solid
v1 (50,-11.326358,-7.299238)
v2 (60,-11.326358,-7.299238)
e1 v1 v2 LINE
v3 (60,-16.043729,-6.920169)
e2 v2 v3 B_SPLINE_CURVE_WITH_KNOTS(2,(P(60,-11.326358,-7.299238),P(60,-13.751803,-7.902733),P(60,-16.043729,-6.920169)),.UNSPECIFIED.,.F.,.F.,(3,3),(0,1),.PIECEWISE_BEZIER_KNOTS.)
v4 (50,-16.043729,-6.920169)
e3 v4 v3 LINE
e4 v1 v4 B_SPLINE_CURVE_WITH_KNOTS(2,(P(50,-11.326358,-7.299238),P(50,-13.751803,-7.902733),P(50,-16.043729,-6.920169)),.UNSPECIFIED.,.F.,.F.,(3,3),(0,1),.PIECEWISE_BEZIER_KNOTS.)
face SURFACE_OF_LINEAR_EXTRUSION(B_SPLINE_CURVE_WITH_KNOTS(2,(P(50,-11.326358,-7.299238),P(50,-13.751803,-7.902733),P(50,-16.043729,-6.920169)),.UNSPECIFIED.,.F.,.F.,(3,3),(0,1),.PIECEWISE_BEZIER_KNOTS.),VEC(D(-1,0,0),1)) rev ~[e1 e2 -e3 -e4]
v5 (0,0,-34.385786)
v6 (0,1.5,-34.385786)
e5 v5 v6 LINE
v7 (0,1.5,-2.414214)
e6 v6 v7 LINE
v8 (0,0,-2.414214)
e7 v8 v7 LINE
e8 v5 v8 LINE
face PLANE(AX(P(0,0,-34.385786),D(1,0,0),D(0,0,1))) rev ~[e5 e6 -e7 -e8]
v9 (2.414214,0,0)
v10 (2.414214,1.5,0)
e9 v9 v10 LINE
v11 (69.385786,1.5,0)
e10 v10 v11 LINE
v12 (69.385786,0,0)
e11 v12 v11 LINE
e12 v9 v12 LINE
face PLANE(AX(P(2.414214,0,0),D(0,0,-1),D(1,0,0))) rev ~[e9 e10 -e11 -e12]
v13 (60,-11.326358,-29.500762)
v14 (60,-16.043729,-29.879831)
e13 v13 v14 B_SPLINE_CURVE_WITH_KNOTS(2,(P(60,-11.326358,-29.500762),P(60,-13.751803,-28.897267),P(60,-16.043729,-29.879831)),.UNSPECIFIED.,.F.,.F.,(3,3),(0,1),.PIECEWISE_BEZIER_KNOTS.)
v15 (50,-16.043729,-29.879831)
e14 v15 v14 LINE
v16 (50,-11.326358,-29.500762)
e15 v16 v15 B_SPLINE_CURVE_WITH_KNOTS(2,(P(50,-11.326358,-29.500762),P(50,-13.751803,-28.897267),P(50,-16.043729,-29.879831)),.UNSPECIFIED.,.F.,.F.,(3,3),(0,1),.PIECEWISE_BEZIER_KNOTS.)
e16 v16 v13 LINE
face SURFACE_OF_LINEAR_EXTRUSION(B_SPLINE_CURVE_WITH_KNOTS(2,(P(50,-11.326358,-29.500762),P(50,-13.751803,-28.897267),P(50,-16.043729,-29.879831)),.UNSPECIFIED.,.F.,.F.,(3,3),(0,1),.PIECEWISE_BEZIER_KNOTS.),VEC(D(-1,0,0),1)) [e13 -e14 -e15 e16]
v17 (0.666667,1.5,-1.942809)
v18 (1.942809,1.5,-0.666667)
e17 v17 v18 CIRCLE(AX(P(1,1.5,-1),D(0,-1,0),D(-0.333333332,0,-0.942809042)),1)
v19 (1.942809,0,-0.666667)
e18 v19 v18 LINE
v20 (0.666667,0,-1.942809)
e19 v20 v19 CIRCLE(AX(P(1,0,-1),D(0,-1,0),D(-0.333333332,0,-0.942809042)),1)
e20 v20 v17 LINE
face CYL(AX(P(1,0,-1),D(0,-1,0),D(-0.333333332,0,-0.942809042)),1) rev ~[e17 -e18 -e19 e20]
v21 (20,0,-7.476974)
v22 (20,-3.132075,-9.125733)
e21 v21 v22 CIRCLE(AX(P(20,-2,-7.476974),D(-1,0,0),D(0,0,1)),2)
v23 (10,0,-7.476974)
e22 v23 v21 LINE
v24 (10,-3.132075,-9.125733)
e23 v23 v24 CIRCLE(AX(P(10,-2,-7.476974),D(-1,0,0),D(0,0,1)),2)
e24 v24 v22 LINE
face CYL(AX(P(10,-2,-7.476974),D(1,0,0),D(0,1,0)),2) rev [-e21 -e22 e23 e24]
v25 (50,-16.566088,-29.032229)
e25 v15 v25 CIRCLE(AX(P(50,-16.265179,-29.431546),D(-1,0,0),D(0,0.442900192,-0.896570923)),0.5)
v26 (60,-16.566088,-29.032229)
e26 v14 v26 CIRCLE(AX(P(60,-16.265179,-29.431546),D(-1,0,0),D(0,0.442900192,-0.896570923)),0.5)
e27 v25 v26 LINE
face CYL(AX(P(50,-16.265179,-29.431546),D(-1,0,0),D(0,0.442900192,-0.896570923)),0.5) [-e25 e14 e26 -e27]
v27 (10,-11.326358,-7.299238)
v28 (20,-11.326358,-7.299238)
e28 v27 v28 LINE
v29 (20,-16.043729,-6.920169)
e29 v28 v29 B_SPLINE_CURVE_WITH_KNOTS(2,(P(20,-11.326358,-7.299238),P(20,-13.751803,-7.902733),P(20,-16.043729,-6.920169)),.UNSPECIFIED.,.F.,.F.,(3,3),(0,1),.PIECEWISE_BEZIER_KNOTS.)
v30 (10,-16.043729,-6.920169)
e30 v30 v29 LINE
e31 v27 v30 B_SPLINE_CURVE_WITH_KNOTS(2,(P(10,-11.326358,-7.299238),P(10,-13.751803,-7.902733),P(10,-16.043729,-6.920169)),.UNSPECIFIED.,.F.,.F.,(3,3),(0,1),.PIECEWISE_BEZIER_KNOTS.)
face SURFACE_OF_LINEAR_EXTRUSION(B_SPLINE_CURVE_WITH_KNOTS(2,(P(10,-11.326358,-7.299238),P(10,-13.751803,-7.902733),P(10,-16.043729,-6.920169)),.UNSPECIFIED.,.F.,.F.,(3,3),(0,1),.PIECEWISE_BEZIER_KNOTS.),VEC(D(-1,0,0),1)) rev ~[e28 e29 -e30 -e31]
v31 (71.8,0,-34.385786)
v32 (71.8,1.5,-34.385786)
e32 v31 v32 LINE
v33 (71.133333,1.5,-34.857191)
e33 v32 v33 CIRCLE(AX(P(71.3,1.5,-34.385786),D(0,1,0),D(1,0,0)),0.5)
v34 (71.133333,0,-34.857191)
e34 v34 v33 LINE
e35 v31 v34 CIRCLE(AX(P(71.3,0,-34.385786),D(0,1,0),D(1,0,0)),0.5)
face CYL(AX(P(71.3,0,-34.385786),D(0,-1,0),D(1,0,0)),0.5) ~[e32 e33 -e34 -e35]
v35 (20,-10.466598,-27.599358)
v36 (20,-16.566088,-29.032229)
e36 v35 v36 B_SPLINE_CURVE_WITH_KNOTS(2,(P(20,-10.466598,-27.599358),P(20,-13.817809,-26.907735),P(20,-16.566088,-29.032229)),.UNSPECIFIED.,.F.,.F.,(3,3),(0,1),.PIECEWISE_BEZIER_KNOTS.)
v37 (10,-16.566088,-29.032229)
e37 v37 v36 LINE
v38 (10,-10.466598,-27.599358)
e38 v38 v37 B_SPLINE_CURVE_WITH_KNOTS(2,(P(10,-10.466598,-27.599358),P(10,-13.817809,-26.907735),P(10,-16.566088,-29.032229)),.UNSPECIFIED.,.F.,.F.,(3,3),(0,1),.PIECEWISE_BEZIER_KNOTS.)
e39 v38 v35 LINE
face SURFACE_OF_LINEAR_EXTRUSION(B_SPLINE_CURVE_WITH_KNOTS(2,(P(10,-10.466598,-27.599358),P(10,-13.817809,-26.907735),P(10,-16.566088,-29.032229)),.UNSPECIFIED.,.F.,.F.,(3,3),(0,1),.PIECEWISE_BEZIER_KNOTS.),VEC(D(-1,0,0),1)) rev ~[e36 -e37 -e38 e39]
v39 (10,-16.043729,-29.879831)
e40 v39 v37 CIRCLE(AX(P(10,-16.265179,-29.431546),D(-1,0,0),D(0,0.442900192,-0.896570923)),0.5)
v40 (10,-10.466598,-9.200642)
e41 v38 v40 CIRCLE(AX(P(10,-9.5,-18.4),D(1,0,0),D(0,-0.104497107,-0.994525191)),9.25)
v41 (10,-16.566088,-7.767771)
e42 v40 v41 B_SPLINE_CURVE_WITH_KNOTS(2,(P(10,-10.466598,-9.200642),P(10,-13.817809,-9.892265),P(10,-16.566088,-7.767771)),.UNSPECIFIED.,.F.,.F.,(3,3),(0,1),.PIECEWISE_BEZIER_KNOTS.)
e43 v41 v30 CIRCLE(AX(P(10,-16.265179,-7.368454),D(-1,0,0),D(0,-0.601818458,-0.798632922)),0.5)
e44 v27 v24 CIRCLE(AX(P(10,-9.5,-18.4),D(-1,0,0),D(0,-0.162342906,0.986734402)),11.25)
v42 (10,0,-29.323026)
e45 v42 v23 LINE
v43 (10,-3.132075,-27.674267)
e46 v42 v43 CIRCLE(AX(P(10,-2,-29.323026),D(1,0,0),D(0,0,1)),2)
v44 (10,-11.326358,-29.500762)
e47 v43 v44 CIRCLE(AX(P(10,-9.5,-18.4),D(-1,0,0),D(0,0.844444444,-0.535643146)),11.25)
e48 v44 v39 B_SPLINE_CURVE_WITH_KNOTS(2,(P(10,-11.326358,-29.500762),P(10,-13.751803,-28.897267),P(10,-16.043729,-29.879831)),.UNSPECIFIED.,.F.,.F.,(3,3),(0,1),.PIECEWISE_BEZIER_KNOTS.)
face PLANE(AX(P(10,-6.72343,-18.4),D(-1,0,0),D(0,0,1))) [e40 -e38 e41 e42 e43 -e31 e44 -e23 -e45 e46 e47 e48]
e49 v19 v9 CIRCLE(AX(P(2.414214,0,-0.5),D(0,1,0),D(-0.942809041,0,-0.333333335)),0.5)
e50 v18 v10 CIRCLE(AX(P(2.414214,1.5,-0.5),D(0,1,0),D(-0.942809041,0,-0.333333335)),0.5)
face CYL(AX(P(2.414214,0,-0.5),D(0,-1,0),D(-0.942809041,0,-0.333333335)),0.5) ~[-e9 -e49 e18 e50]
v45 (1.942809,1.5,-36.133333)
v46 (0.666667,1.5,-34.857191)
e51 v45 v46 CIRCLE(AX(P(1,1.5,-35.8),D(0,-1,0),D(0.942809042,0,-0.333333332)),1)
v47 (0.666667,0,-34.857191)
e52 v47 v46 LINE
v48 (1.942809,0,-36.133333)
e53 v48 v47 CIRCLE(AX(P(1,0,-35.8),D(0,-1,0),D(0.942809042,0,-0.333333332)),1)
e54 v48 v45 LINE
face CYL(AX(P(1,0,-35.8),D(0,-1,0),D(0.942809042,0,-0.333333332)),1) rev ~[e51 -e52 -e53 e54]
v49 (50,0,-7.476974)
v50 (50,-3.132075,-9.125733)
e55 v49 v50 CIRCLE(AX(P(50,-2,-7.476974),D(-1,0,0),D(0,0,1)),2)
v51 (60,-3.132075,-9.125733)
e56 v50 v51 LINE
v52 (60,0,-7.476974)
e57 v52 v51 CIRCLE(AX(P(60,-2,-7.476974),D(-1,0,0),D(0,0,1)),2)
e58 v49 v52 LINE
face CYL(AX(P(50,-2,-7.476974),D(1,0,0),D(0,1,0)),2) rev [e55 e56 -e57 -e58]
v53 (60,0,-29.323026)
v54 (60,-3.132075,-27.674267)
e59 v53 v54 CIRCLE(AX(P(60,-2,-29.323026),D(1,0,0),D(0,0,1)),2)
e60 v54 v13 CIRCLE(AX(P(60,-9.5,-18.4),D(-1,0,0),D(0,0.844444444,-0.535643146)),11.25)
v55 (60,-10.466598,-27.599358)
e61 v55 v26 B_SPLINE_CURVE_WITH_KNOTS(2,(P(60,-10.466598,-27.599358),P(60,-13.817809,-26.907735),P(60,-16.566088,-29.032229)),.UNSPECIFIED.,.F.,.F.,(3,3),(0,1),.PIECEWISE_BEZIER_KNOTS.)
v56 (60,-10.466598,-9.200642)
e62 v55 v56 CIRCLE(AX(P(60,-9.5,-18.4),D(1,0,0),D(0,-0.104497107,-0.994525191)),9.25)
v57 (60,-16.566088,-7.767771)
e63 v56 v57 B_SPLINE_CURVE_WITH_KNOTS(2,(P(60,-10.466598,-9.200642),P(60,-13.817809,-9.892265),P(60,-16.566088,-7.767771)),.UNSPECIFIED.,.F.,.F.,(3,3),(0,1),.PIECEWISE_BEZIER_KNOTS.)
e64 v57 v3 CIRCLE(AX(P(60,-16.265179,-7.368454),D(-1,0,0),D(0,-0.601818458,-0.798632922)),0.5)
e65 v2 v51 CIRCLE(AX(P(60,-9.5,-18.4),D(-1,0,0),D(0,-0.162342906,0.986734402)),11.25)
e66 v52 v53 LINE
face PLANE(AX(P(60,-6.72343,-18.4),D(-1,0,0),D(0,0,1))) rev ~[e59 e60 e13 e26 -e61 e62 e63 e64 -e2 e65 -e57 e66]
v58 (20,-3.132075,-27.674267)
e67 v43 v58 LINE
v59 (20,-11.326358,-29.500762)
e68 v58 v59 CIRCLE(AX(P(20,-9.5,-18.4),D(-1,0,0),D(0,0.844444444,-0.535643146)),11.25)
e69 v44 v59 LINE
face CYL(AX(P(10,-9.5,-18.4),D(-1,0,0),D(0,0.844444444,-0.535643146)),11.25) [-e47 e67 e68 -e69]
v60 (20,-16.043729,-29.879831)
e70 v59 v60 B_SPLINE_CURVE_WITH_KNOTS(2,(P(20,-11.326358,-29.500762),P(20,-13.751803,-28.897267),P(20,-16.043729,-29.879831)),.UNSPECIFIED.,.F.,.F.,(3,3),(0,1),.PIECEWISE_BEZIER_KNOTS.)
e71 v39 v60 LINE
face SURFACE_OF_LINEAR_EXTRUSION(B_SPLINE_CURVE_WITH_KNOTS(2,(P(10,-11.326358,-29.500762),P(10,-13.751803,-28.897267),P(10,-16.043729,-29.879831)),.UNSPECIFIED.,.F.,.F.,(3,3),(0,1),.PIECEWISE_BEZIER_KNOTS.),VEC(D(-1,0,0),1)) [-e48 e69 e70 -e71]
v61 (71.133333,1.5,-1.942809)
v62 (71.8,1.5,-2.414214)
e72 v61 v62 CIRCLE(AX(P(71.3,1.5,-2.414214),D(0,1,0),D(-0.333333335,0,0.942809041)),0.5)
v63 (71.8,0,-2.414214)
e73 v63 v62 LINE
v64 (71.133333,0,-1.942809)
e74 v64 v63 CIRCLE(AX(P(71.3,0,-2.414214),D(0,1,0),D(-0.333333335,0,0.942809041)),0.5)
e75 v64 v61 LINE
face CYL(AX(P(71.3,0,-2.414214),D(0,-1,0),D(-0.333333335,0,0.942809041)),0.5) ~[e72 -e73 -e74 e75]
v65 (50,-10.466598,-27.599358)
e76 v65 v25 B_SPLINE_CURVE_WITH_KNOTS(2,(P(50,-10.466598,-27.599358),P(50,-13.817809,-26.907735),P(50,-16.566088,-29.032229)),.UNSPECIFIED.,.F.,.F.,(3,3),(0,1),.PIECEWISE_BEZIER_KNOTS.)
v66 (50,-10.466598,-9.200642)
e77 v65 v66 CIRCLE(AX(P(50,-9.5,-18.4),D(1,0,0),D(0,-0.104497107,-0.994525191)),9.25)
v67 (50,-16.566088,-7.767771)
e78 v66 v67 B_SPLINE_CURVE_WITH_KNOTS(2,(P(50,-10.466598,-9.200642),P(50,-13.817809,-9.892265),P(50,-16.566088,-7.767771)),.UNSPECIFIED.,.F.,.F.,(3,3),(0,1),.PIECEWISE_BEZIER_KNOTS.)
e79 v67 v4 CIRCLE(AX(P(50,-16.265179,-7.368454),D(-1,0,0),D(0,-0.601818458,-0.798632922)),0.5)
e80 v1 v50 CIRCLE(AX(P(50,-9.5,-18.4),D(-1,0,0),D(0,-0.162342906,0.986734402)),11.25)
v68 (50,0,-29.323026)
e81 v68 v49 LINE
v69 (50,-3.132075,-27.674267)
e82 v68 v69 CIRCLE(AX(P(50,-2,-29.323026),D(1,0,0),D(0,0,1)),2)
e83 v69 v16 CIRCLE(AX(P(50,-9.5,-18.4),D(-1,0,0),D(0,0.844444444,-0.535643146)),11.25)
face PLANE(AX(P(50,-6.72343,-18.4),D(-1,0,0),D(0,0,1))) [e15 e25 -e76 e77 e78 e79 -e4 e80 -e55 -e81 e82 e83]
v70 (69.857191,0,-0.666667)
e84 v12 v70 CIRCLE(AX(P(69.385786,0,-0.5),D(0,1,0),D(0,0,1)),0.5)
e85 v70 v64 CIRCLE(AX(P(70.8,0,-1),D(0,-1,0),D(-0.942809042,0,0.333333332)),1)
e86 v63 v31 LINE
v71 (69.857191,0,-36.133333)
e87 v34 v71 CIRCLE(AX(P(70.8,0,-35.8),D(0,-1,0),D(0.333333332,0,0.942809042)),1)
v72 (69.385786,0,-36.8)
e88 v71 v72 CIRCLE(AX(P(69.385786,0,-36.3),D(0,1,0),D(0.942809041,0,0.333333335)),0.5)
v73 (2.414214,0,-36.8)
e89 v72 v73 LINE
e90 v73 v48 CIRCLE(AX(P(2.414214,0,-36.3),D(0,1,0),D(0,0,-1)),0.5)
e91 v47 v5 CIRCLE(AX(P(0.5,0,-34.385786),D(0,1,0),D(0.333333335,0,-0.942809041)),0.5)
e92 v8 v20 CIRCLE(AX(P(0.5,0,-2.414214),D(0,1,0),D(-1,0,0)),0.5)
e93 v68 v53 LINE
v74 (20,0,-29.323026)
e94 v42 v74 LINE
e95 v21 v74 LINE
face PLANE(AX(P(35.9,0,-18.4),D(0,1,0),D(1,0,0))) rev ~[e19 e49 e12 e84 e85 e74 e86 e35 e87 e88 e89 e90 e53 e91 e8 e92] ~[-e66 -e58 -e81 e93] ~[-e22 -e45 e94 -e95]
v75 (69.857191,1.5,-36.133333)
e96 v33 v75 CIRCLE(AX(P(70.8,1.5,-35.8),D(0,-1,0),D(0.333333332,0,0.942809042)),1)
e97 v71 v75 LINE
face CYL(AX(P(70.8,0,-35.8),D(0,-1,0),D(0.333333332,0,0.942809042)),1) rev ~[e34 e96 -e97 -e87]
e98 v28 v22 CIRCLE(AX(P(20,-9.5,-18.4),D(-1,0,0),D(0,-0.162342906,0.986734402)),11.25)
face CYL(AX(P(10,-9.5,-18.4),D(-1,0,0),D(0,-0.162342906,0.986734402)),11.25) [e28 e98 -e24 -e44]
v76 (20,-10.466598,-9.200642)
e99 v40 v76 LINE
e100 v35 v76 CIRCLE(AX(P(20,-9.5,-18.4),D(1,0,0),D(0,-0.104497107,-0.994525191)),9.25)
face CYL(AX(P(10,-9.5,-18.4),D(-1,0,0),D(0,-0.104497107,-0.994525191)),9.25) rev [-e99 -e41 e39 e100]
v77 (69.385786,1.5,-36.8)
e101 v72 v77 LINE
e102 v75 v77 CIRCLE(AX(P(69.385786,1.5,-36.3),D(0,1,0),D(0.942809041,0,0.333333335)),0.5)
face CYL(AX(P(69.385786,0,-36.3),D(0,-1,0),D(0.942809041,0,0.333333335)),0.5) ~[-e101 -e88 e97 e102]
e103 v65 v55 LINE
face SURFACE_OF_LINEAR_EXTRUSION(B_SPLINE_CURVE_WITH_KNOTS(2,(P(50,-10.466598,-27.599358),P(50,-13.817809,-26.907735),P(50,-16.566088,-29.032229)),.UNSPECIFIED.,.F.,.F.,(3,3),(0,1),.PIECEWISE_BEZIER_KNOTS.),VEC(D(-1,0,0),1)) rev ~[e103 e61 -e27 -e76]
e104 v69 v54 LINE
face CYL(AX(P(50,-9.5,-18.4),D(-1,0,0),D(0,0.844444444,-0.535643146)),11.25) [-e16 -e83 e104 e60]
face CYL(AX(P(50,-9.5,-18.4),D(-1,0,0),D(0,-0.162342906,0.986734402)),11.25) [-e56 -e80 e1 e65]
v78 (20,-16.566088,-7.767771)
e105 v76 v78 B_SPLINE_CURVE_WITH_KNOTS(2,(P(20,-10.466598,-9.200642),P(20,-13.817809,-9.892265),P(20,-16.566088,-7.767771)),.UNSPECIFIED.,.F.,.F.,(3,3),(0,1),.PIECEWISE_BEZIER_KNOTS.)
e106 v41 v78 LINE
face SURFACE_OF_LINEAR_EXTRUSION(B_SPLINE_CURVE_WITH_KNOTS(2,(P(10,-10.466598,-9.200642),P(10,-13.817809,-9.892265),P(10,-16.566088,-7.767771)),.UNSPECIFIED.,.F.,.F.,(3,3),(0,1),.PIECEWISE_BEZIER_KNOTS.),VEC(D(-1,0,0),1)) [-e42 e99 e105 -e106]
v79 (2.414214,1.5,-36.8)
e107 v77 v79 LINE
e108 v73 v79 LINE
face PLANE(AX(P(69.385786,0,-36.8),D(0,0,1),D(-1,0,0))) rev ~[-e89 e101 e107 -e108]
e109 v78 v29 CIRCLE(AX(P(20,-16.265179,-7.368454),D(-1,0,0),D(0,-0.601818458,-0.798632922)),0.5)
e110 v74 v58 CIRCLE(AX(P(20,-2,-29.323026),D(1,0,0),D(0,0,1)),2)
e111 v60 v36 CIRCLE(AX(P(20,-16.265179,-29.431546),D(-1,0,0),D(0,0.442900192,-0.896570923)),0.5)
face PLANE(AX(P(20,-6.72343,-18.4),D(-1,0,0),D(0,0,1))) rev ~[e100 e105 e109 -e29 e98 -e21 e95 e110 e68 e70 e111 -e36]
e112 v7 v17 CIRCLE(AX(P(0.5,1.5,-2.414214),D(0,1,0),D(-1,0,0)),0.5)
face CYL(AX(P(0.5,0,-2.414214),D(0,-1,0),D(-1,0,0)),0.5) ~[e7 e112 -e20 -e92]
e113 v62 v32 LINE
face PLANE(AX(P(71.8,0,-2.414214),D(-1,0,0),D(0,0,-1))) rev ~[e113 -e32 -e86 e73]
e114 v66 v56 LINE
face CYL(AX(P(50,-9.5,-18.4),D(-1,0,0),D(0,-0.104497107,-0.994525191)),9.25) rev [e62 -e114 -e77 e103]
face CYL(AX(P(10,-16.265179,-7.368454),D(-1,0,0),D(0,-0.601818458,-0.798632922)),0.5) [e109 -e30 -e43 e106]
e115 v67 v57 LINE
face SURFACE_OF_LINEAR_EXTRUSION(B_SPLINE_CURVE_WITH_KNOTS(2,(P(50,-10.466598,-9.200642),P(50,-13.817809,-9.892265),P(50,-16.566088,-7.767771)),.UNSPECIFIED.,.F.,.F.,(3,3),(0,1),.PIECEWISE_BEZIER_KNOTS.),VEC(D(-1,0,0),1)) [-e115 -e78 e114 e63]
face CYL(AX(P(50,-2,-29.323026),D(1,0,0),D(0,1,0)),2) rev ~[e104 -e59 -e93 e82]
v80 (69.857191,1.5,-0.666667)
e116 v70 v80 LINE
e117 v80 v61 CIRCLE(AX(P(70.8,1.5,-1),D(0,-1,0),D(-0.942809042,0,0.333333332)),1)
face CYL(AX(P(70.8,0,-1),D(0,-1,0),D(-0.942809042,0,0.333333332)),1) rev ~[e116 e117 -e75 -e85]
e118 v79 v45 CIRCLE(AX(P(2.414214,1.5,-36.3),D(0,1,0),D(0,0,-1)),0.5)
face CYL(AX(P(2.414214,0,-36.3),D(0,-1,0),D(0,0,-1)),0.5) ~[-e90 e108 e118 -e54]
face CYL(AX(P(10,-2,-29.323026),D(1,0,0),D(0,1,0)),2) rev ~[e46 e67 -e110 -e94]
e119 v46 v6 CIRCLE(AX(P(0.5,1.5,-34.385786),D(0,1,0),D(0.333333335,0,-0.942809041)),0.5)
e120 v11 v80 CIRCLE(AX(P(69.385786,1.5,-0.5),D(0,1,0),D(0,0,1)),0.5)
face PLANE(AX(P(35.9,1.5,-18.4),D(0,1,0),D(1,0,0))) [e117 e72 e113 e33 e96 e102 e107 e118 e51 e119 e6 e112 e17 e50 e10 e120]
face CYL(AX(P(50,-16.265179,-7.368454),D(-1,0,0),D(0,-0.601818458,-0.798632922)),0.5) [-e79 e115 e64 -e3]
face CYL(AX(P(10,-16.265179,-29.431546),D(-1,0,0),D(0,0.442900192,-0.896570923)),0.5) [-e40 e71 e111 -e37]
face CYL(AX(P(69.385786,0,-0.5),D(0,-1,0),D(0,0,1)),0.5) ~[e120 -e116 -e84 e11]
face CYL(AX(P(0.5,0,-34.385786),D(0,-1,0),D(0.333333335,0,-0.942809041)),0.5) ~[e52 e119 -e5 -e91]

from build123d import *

# Parameters (mm, degrees)
BOSS_EXTRUDE1_DEPTH = 1.5
BOSS_EXTRUDE2_START = -10
BOSS_EXTRUDE2_DEPTH = 10
BOSS_EXTRUDE3_START = -50
BOSS_EXTRUDE3_DEPTH = 10
FILLET1_R           = 2


with BuildPart() as part:
    # Sketch1 → Boss-Extrude1 (new body)
    with BuildSketch(Plane(origin=(0, 0, 0), x_dir=(1, 0, 0), z_dir=(0, 1, 0))):
        with BuildLine():
            Line((2.414213562, 0), (69.385786438, 0))
            ThreePointArc((69.385786438, 0), (69.794034728, 0.211324865), (69.857190958, 0.666666667))
            ThreePointArc((69.857190958, 0.666666667), (70.092893219, 1.707106781), (71.133333333, 1.942809042))
            ThreePointArc((71.133333333, 1.942809042), (71.588675135, 2.005965272), (71.8, 2.414213562))
            Line((71.8, 2.414213562), (71.8, 34.385786438))
            ThreePointArc((71.8, 34.385786438), (71.588675135, 34.794034728), (71.133333333, 34.857190958))
            ThreePointArc((71.133333333, 34.857190958), (70.092893219, 35.092893219), (69.857190958, 36.133333333))
            ThreePointArc((69.857190958, 36.133333333), (69.794034728, 36.588675135), (69.385786438, 36.8))
            Line((69.385786438, 36.8), (2.414213562, 36.8))
            ThreePointArc((2.414213562, 36.8), (2.005965272, 36.588675135), (1.942809042, 36.133333333))
            ThreePointArc((1.942809042, 36.133333333), (1.707106781, 35.092893219), (0.666666667, 34.857190958))
            ThreePointArc((0.666666667, 34.857190958), (0.211324865, 34.794034728), (0, 34.385786438))
            Line((0, 34.385786438), (0, 2.414213562))
            ThreePointArc((0, 2.414213562), (0.211324865, 2.005965272), (0.666666667, 1.942809042))
            ThreePointArc((0.666666667, 1.942809042), (1.707106781, 1.707106781), (1.942809042, 0.666666667))
            ThreePointArc((1.942809042, 0.666666667), (2.005965272, 0.211324865), (2.414213562, 0))
        make_face()
    extrude(amount=BOSS_EXTRUDE1_DEPTH)

    # Sketch3 → Boss-Extrude2 (add)
    with BuildSketch(Plane.ZY.offset(BOSS_EXTRUDE2_START)):
        with BuildLine():
            Line((-12.374014603, 0), (-24.425985397, 0))
            ThreePointArc((-24.425985397, 0), (-28.666594565, -4.90005043), (-29.500762028, -11.326357689))
            add(Edge.make_bspline(
                [(-29.500762028, -11.326357689), (-28.897266876, -13.751803061), (-29.879831091, -16.043728976)],
                knots=[0, 0, 0, 1, 1, 1], degree=2))
            ThreePointArc((-29.879831091, -16.043728976), (-29.693870441, -16.6908382), (-29.032229169, -16.566088301))
            add(Edge.make_bspline(
                [(-27.599358013, -10.46659824), (-26.907734986, -13.817809078), (-29.032229169, -16.566088301)],
                knots=[0, 0, 0, 1, 1, 1], degree=2))
            ThreePointArc((-27.599358013, -10.46659824), (-18.4, -0.25), (-9.200641987, -10.46659824))
            add(Edge.make_bspline(
                [(-9.200641987, -10.46659824), (-9.892265014, -13.817809078), (-7.767770831, -16.566088301)],
                knots=[0, 0, 0, 1, 1, 1], degree=2))
            ThreePointArc((-7.767770831, -16.566088301), (-7.106129559, -16.6908382), (-6.920168909, -16.043728976))
            add(Edge.make_bspline(
                [(-7.299237972, -11.326357689), (-7.902733124, -13.751803061), (-6.920168909, -16.043728976)],
                knots=[0, 0, 0, 1, 1, 1], degree=2))
            ThreePointArc((-7.299237972, -11.326357689), (-8.133405435, -4.90005043), (-12.374014603, 0))
        make_face()
    extrude(amount=-BOSS_EXTRUDE2_DEPTH)

    # Sketch3<3> → Boss-Extrude3 (add)
    with BuildSketch(Plane.ZY.offset(BOSS_EXTRUDE3_START)):
        with BuildLine():
            Line((-24.425985397, 0), (-12.374014603, 0))
            ThreePointArc((-12.374014603, 0), (-8.133405435, -4.90005043), (-7.299237972, -11.326357689))
            add(Edge.make_bspline(
                [(-7.299237972, -11.326357689), (-7.902733124, -13.751803061), (-6.920168909, -16.043728976)],
                knots=[0, 0, 0, 1, 1, 1], degree=2))
            ThreePointArc((-6.920168909, -16.043728976), (-7.106129559, -16.6908382), (-7.767770831, -16.566088301))
            add(Edge.make_bspline(
                [(-9.200641987, -10.46659824), (-9.892265014, -13.817809078), (-7.767770831, -16.566088301)],
                knots=[0, 0, 0, 1, 1, 1], degree=2))
            ThreePointArc((-9.200641987, -10.46659824), (-18.4, -0.25), (-27.599358013, -10.46659824))
            add(Edge.make_bspline(
                [(-27.599358013, -10.46659824), (-26.907734986, -13.817809078), (-29.032229169, -16.566088301)],
                knots=[0, 0, 0, 1, 1, 1], degree=2))
            ThreePointArc((-29.032229169, -16.566088301), (-29.693870441, -16.6908382), (-29.879831091, -16.043728976))
            add(Edge.make_bspline(
                [(-29.500762028, -11.326357689), (-28.897266876, -13.751803061), (-29.879831091, -16.043728976)],
                knots=[0, 0, 0, 1, 1, 1], degree=2))
            ThreePointArc((-29.500762028, -11.326357689), (-28.666594565, -4.90005043), (-24.425985397, 0))
        make_face()
    extrude(amount=-BOSS_EXTRUDE3_DEPTH)

    # Fillet1
    fillet1_edges = [part.edges().sort_by_distance(p)[0] for p in [
        (55, 0, -24.425985397),
        (15, 0, -24.425985397),
        (55, 0, -12.374014603),
        (15, 0, -12.374014603),
    ]]
    fillet(fillet1_edges, radius=FILLET1_R)


solid = part.part
